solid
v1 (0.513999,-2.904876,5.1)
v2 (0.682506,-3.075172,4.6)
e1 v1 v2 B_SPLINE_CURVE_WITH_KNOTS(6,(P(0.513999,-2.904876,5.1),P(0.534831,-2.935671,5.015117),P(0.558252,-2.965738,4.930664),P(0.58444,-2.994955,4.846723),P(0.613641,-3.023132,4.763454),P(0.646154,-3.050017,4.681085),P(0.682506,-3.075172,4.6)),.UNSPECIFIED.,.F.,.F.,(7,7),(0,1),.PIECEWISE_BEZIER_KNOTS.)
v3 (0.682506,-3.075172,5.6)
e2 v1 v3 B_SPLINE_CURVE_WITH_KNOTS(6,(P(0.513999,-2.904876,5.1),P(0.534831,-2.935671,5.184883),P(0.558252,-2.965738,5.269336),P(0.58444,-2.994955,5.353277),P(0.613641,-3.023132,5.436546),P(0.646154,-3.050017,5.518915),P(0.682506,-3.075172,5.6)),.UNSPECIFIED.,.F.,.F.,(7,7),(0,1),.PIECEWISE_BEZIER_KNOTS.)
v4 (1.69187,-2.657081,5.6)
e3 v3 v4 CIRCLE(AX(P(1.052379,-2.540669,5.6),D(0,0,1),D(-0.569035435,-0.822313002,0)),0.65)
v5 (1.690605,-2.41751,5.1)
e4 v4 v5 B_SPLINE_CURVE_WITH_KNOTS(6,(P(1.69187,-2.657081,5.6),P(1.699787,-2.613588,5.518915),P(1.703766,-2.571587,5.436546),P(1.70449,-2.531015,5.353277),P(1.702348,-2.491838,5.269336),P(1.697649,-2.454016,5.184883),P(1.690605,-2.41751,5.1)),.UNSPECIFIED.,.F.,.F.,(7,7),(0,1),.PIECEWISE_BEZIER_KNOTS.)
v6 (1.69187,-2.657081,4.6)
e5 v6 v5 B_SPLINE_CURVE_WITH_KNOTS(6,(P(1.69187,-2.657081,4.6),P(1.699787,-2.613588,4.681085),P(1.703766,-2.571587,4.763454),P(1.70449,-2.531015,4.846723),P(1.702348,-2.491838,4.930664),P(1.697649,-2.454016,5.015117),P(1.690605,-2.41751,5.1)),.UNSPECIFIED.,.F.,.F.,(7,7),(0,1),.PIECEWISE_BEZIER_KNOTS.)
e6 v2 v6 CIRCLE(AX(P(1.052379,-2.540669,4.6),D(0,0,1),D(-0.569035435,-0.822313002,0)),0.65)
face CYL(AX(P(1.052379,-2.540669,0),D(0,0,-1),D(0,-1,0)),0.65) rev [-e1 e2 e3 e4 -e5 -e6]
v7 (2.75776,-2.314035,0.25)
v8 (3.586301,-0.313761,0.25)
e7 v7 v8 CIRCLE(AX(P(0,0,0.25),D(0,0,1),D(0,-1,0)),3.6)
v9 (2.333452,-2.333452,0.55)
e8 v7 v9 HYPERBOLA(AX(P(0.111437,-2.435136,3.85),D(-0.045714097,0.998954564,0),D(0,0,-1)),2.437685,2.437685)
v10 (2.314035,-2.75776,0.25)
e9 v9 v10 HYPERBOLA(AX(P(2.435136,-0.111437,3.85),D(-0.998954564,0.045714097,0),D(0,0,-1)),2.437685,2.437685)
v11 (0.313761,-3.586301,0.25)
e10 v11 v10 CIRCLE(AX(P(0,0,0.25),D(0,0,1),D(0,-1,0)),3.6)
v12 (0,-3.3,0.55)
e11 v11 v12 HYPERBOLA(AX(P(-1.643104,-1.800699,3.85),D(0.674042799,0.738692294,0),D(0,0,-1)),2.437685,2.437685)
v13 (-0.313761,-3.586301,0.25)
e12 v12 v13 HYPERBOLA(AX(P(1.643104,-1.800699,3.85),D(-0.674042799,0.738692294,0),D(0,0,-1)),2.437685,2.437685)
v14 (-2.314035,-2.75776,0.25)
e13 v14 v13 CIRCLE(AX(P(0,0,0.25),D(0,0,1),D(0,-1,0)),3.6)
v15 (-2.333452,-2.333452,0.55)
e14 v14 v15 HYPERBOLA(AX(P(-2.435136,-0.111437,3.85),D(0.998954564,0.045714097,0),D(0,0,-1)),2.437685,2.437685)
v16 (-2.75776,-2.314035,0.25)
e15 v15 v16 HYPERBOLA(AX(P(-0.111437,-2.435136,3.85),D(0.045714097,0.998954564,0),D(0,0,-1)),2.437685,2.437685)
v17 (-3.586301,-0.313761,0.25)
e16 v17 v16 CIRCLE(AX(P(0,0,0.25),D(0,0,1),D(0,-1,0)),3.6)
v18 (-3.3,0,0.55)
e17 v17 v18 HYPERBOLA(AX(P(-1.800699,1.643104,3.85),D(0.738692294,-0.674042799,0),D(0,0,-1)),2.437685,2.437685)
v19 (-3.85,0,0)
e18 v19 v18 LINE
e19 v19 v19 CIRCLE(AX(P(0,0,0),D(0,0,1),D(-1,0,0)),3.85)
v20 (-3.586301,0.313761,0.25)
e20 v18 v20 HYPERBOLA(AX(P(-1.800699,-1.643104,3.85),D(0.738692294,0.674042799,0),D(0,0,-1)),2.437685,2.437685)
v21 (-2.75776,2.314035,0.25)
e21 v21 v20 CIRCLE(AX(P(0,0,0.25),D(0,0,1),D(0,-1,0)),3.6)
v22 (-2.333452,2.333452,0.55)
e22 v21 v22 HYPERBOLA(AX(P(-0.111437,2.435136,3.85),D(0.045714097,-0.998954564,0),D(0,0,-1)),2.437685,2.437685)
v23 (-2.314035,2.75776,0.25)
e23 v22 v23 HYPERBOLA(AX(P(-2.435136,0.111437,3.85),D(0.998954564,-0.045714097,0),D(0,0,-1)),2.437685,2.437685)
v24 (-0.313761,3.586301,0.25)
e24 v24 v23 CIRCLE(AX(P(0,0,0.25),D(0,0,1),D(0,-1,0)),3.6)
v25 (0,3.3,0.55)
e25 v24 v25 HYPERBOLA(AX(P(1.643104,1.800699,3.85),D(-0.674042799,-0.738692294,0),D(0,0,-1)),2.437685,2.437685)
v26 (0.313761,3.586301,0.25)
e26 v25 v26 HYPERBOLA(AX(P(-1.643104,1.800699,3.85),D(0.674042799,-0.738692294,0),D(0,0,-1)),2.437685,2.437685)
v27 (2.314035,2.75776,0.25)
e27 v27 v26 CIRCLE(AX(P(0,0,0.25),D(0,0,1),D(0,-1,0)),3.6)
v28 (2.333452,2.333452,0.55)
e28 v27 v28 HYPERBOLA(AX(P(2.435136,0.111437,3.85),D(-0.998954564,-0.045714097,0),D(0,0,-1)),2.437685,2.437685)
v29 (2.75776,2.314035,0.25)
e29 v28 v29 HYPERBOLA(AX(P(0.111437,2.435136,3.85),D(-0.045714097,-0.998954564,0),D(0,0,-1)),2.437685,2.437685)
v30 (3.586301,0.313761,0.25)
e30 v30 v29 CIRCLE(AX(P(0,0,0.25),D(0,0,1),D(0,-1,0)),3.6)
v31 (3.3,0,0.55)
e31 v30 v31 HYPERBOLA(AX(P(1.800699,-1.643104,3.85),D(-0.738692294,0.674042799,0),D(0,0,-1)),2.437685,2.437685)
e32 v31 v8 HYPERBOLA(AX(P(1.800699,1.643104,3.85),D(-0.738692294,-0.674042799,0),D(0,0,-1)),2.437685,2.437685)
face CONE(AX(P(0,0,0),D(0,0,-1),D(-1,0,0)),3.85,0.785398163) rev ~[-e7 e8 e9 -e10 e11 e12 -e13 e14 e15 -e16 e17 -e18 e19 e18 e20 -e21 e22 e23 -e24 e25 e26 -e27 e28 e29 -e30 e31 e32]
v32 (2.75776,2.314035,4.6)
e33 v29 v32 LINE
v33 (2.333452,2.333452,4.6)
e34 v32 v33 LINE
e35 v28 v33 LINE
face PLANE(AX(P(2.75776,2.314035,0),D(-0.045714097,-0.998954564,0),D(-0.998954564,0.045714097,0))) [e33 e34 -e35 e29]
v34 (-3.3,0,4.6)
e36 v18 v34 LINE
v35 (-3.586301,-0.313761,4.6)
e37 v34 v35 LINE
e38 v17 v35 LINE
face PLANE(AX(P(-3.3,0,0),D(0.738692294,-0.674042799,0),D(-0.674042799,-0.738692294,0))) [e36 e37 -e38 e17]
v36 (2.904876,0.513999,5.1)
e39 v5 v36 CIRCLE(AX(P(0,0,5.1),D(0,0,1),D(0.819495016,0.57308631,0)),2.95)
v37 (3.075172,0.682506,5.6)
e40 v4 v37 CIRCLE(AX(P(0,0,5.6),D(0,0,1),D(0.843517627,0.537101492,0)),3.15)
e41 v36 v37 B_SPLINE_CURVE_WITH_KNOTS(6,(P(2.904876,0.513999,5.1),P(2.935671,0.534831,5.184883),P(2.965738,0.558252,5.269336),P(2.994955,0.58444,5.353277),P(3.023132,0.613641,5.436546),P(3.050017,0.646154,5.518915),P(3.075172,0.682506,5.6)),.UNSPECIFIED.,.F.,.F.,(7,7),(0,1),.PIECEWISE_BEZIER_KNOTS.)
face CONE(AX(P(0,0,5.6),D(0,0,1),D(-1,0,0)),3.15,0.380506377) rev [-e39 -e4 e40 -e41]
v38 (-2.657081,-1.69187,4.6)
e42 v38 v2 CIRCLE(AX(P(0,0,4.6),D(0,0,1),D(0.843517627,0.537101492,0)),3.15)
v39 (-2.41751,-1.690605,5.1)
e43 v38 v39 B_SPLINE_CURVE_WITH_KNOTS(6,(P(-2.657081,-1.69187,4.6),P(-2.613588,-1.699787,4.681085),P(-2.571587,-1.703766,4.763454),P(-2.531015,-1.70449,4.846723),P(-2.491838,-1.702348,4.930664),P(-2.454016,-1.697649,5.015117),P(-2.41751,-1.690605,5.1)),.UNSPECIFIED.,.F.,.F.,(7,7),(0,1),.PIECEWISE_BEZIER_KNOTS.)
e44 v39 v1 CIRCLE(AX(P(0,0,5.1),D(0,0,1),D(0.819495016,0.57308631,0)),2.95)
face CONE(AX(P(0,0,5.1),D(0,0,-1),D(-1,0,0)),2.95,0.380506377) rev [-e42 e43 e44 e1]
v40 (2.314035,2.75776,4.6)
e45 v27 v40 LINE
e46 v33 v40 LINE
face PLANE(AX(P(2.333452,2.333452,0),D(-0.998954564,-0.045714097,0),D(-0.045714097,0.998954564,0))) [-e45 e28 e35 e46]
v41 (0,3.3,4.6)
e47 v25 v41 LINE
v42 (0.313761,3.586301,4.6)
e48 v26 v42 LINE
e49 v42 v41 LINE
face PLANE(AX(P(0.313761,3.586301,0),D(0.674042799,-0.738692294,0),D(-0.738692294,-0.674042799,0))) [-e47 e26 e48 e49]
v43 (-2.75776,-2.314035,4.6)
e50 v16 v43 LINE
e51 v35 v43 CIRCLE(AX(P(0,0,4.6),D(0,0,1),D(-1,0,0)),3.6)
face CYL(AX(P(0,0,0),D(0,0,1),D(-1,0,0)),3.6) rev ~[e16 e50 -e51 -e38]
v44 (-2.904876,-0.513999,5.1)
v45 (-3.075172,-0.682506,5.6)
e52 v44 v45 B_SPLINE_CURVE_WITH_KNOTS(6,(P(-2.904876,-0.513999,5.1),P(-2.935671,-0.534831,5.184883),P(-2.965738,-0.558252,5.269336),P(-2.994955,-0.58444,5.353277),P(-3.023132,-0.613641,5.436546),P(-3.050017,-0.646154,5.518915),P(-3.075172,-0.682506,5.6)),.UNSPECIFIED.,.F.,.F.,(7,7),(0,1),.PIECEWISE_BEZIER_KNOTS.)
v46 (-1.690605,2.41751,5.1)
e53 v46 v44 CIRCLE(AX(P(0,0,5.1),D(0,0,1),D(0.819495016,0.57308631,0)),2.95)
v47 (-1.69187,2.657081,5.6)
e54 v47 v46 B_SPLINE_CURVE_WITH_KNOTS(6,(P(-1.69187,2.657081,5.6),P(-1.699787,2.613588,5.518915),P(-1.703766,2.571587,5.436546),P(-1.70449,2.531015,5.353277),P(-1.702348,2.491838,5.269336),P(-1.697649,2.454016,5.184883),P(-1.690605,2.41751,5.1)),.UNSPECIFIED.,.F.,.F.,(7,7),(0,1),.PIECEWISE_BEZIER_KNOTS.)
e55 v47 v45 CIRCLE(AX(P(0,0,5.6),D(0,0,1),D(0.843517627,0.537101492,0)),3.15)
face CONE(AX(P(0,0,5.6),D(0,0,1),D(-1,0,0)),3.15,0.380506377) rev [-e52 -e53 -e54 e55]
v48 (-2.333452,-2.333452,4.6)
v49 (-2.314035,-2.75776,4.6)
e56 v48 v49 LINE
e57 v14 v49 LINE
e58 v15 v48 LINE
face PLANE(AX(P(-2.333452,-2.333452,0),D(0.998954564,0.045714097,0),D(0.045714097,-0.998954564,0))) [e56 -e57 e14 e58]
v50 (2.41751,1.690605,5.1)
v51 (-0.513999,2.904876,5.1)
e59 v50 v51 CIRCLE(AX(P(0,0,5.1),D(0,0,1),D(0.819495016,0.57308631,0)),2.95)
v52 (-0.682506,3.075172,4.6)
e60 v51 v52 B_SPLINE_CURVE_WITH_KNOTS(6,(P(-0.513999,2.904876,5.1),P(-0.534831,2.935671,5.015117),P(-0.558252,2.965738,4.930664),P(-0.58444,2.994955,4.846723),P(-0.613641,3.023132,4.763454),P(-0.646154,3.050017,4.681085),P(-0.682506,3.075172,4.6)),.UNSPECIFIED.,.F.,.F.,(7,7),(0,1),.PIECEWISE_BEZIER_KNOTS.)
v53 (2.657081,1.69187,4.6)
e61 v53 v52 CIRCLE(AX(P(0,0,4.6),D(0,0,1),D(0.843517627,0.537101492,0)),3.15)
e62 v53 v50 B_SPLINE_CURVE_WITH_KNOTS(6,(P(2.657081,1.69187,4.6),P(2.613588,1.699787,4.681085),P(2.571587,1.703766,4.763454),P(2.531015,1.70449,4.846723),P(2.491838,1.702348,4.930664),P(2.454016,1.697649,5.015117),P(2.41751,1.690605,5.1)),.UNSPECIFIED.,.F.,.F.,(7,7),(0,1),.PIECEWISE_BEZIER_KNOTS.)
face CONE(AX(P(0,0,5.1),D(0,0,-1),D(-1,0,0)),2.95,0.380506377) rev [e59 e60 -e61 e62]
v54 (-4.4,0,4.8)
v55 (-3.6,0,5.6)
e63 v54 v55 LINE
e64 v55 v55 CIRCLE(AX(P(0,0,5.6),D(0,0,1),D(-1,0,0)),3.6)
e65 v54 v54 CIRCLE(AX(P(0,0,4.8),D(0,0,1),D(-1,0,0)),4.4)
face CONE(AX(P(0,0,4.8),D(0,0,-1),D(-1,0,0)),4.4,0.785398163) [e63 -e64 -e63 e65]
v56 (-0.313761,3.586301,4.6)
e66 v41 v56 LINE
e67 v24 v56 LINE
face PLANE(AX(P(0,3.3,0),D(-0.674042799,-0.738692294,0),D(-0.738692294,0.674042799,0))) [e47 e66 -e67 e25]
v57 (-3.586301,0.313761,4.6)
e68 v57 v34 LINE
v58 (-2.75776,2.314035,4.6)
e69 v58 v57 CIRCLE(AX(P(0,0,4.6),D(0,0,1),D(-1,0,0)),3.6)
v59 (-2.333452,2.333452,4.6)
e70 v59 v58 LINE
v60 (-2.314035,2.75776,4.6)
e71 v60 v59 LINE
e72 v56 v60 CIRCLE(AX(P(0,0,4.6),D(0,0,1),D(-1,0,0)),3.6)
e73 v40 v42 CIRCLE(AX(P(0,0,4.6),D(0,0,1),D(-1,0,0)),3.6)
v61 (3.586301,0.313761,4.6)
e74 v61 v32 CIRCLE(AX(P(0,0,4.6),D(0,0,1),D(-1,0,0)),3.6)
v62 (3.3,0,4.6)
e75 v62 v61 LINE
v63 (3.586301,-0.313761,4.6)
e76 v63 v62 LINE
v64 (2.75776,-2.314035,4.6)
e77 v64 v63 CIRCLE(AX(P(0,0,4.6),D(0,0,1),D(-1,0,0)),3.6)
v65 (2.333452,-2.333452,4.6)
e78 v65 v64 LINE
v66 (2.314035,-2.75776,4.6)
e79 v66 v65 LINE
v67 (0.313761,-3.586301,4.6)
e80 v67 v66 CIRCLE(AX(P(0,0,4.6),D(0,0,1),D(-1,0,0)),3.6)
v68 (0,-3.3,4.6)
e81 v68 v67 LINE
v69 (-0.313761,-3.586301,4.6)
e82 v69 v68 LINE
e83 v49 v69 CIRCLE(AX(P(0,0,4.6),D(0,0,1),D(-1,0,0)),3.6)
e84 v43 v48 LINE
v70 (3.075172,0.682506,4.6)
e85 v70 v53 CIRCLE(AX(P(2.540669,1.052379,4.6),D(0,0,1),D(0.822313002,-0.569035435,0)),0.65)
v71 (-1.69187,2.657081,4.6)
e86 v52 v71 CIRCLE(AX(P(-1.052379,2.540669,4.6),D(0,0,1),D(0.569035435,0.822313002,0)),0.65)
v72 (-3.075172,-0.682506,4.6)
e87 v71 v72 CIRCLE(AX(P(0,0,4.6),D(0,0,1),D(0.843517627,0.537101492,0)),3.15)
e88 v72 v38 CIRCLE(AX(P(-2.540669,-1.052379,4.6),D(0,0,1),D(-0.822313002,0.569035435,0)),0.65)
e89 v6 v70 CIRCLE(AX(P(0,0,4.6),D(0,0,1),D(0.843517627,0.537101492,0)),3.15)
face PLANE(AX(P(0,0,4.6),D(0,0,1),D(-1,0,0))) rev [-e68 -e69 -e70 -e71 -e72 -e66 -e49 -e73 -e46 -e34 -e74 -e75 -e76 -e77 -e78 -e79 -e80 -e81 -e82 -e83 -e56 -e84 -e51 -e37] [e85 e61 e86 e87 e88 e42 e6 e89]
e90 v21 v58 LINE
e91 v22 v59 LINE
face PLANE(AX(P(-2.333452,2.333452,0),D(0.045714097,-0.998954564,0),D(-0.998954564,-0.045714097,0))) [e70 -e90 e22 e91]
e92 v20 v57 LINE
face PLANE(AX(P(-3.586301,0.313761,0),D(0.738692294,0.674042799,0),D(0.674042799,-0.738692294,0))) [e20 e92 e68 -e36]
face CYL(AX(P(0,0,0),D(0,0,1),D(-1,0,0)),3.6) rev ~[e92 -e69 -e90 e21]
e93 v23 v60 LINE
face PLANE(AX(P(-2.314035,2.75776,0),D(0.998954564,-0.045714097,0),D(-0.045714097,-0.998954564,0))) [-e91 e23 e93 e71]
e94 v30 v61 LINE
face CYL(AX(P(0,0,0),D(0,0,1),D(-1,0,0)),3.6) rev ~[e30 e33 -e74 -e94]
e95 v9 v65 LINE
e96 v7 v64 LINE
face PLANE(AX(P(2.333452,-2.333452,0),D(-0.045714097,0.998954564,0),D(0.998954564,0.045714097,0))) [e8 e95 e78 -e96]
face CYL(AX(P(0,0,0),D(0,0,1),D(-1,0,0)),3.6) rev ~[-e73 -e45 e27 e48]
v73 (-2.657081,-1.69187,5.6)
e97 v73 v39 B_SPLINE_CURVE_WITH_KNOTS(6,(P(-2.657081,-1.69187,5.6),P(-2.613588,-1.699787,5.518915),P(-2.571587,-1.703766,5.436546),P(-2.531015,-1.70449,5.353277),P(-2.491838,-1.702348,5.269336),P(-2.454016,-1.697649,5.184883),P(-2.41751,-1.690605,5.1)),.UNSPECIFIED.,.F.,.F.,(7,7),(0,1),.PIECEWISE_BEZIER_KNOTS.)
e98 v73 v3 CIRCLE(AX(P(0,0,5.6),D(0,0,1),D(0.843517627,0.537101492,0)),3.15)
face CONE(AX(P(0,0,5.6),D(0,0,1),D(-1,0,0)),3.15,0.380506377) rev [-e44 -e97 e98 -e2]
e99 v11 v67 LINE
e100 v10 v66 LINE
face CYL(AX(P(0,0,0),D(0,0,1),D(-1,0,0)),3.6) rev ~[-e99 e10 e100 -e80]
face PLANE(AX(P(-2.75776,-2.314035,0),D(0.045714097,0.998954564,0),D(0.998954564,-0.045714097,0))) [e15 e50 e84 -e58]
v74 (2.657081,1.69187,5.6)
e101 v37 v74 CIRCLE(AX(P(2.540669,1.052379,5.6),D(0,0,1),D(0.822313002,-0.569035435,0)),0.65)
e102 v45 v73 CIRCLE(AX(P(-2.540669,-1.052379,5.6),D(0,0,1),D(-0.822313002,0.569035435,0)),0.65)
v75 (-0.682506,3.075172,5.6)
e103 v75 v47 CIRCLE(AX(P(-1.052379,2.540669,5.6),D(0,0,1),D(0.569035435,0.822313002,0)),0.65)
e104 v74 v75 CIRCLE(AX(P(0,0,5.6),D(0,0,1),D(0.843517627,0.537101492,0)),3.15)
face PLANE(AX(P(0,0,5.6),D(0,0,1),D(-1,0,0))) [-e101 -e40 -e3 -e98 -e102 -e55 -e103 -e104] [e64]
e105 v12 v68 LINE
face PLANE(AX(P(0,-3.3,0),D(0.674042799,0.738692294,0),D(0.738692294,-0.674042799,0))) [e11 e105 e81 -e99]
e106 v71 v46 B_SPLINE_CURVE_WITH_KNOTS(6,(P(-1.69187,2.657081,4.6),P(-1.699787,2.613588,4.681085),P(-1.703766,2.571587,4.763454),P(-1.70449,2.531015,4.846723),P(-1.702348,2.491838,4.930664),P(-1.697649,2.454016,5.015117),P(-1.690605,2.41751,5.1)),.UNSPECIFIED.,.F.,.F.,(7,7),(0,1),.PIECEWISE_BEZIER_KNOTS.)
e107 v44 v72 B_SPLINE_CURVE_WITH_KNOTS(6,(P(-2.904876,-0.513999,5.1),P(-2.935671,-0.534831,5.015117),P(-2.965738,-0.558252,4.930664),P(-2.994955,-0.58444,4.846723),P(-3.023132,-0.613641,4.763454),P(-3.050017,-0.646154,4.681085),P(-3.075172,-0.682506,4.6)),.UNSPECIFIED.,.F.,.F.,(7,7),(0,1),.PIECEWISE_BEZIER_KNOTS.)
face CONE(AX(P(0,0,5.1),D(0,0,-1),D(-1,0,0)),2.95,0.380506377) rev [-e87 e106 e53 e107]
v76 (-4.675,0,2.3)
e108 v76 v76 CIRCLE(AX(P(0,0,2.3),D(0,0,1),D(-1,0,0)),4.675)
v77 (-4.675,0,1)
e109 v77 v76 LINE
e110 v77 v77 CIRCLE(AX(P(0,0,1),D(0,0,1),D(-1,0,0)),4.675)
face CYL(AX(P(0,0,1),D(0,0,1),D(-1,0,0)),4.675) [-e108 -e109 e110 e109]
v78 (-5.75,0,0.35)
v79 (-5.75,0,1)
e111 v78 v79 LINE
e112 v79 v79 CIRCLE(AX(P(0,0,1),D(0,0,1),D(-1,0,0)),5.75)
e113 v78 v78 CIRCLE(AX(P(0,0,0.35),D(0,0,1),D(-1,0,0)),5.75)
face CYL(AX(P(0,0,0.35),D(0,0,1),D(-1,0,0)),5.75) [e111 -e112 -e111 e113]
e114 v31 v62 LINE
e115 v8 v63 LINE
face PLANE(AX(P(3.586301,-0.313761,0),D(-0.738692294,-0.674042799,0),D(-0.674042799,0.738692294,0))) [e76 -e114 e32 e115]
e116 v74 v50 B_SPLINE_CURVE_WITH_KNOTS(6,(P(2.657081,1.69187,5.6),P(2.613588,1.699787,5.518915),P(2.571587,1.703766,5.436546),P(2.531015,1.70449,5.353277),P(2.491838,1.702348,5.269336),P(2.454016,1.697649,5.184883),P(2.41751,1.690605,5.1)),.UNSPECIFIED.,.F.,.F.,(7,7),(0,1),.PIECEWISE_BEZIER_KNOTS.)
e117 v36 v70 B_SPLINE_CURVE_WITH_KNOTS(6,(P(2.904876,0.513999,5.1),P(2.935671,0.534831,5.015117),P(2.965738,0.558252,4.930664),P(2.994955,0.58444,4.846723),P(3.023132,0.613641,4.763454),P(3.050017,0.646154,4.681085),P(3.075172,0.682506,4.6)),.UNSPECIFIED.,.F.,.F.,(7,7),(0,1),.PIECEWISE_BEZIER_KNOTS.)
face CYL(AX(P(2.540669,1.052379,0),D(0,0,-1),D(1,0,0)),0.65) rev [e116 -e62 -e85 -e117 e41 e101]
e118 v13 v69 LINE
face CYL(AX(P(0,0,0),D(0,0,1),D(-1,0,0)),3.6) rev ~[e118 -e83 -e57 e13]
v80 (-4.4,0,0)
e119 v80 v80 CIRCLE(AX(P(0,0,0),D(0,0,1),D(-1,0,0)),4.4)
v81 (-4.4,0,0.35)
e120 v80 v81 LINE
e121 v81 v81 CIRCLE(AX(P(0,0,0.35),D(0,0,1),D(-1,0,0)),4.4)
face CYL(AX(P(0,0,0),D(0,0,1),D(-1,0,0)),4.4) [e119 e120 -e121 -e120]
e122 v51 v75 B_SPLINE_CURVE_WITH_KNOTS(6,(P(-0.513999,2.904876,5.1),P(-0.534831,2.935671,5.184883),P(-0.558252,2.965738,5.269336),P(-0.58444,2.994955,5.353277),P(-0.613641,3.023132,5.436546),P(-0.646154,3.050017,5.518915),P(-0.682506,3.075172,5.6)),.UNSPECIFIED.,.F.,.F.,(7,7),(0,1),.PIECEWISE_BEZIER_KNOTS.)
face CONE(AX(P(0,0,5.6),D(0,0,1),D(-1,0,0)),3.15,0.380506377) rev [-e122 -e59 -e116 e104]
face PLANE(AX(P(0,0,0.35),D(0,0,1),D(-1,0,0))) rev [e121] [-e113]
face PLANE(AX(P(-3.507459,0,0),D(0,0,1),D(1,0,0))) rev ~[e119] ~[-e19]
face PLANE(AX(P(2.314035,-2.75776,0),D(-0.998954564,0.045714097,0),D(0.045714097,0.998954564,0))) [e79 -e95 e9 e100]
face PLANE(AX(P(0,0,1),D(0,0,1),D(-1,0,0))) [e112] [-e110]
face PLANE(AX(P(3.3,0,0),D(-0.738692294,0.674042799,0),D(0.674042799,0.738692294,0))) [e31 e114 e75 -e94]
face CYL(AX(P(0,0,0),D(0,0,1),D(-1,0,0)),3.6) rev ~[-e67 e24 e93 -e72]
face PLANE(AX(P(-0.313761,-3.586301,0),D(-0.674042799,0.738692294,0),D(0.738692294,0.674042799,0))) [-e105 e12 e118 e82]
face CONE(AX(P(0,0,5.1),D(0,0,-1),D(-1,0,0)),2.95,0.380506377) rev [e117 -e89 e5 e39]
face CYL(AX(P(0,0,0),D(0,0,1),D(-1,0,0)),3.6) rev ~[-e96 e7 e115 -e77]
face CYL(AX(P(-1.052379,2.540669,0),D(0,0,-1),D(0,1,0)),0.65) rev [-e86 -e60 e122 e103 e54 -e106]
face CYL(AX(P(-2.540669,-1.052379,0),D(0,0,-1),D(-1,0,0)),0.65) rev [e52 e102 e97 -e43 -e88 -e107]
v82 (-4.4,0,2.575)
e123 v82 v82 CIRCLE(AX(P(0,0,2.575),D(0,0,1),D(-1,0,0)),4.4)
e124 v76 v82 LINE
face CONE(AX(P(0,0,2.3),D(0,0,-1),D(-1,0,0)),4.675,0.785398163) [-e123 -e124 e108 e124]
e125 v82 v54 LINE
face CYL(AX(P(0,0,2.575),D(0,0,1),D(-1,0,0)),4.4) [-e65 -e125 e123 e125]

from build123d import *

# Parameters (mm, degrees)
PAD_DEPTH             = 4.6
POLARPATTERN004_COUNT = 8
SKETCH010_R           = 0.65
POCKET001_DEPTH       = 40.002163
POLARPATTERN005_COUNT = 4


with BuildPart() as part:
    # Sketch007 → Revolution005 (revolve)
    with BuildSketch(Plane.XZ):
        Polygon((-3.6, 4.6), (-3.6, 3.5), (-3.6, 2.5), (-3.6, 1), (-3.6, 0), (-4.4, 0), (-4.4, 0.35), (-5.75, 0.35), (-5.75, 1), (-4.675, 1), (-4.675, 2.3), (-4.4, 2.575), (-4.4, 4.8), (-3.6, 5.6), (-3.15, 5.6), (-2.95, 5.1), (-3.15, 4.6), align=None)
    revolve(axis=Axis((0, 0, 0), (0, 0, 1)))

    # Sketch008 → Pad (new body)
    with BuildSketch(Plane.XY):
        with BuildLine():
            ThreePointArc((-3.586301, 0.313761), (-3.6, 0), (-3.586301, -0.313761))
            Line((-3.3, 0), (-3.586301, -0.313761))
            Line((-3.586301, 0.313761), (-3.3, 0))
        make_face()
    pad = extrude(amount=PAD_DEPTH)

    # PolarPattern004: Pad ×8 about axis
    polarpattern004_axis = Axis((0, 0, 0), (0, 0, 1))
    for i in range(1, POLARPATTERN004_COUNT):
        add(pad.rotate(polarpattern004_axis, i * 360 / POLARPATTERN004_COUNT))

    # Sketch009 → Groove (revolve, cut)
    with BuildSketch(Plane.XZ):
        Polygon((-3.85, 0), (0, 3.85), (0, 0), align=None)
    revolve(axis=Axis((0, 0, 0), (0, 0, 1)), mode=Mode.SUBTRACT)

    # Sketch010 → Pocket001 (cut, through all)
    with BuildSketch(Plane.XY):
        with Locations((2.540669, 1.052379)):
            Circle(SKETCH010_R)
    pocket001 = extrude(amount=POCKET001_DEPTH, mode=Mode.SUBTRACT)

    # PolarPattern005: Pocket001 ×4 about axis
    polarpattern005_axis = Axis((0, 0, 0), (0, 0, 1))
    for i in range(1, POLARPATTERN005_COUNT):
        add(pocket001.rotate(polarpattern005_axis, i * 360 / POLARPATTERN005_COUNT), mode=Mode.SUBTRACT)


solid = part.part
